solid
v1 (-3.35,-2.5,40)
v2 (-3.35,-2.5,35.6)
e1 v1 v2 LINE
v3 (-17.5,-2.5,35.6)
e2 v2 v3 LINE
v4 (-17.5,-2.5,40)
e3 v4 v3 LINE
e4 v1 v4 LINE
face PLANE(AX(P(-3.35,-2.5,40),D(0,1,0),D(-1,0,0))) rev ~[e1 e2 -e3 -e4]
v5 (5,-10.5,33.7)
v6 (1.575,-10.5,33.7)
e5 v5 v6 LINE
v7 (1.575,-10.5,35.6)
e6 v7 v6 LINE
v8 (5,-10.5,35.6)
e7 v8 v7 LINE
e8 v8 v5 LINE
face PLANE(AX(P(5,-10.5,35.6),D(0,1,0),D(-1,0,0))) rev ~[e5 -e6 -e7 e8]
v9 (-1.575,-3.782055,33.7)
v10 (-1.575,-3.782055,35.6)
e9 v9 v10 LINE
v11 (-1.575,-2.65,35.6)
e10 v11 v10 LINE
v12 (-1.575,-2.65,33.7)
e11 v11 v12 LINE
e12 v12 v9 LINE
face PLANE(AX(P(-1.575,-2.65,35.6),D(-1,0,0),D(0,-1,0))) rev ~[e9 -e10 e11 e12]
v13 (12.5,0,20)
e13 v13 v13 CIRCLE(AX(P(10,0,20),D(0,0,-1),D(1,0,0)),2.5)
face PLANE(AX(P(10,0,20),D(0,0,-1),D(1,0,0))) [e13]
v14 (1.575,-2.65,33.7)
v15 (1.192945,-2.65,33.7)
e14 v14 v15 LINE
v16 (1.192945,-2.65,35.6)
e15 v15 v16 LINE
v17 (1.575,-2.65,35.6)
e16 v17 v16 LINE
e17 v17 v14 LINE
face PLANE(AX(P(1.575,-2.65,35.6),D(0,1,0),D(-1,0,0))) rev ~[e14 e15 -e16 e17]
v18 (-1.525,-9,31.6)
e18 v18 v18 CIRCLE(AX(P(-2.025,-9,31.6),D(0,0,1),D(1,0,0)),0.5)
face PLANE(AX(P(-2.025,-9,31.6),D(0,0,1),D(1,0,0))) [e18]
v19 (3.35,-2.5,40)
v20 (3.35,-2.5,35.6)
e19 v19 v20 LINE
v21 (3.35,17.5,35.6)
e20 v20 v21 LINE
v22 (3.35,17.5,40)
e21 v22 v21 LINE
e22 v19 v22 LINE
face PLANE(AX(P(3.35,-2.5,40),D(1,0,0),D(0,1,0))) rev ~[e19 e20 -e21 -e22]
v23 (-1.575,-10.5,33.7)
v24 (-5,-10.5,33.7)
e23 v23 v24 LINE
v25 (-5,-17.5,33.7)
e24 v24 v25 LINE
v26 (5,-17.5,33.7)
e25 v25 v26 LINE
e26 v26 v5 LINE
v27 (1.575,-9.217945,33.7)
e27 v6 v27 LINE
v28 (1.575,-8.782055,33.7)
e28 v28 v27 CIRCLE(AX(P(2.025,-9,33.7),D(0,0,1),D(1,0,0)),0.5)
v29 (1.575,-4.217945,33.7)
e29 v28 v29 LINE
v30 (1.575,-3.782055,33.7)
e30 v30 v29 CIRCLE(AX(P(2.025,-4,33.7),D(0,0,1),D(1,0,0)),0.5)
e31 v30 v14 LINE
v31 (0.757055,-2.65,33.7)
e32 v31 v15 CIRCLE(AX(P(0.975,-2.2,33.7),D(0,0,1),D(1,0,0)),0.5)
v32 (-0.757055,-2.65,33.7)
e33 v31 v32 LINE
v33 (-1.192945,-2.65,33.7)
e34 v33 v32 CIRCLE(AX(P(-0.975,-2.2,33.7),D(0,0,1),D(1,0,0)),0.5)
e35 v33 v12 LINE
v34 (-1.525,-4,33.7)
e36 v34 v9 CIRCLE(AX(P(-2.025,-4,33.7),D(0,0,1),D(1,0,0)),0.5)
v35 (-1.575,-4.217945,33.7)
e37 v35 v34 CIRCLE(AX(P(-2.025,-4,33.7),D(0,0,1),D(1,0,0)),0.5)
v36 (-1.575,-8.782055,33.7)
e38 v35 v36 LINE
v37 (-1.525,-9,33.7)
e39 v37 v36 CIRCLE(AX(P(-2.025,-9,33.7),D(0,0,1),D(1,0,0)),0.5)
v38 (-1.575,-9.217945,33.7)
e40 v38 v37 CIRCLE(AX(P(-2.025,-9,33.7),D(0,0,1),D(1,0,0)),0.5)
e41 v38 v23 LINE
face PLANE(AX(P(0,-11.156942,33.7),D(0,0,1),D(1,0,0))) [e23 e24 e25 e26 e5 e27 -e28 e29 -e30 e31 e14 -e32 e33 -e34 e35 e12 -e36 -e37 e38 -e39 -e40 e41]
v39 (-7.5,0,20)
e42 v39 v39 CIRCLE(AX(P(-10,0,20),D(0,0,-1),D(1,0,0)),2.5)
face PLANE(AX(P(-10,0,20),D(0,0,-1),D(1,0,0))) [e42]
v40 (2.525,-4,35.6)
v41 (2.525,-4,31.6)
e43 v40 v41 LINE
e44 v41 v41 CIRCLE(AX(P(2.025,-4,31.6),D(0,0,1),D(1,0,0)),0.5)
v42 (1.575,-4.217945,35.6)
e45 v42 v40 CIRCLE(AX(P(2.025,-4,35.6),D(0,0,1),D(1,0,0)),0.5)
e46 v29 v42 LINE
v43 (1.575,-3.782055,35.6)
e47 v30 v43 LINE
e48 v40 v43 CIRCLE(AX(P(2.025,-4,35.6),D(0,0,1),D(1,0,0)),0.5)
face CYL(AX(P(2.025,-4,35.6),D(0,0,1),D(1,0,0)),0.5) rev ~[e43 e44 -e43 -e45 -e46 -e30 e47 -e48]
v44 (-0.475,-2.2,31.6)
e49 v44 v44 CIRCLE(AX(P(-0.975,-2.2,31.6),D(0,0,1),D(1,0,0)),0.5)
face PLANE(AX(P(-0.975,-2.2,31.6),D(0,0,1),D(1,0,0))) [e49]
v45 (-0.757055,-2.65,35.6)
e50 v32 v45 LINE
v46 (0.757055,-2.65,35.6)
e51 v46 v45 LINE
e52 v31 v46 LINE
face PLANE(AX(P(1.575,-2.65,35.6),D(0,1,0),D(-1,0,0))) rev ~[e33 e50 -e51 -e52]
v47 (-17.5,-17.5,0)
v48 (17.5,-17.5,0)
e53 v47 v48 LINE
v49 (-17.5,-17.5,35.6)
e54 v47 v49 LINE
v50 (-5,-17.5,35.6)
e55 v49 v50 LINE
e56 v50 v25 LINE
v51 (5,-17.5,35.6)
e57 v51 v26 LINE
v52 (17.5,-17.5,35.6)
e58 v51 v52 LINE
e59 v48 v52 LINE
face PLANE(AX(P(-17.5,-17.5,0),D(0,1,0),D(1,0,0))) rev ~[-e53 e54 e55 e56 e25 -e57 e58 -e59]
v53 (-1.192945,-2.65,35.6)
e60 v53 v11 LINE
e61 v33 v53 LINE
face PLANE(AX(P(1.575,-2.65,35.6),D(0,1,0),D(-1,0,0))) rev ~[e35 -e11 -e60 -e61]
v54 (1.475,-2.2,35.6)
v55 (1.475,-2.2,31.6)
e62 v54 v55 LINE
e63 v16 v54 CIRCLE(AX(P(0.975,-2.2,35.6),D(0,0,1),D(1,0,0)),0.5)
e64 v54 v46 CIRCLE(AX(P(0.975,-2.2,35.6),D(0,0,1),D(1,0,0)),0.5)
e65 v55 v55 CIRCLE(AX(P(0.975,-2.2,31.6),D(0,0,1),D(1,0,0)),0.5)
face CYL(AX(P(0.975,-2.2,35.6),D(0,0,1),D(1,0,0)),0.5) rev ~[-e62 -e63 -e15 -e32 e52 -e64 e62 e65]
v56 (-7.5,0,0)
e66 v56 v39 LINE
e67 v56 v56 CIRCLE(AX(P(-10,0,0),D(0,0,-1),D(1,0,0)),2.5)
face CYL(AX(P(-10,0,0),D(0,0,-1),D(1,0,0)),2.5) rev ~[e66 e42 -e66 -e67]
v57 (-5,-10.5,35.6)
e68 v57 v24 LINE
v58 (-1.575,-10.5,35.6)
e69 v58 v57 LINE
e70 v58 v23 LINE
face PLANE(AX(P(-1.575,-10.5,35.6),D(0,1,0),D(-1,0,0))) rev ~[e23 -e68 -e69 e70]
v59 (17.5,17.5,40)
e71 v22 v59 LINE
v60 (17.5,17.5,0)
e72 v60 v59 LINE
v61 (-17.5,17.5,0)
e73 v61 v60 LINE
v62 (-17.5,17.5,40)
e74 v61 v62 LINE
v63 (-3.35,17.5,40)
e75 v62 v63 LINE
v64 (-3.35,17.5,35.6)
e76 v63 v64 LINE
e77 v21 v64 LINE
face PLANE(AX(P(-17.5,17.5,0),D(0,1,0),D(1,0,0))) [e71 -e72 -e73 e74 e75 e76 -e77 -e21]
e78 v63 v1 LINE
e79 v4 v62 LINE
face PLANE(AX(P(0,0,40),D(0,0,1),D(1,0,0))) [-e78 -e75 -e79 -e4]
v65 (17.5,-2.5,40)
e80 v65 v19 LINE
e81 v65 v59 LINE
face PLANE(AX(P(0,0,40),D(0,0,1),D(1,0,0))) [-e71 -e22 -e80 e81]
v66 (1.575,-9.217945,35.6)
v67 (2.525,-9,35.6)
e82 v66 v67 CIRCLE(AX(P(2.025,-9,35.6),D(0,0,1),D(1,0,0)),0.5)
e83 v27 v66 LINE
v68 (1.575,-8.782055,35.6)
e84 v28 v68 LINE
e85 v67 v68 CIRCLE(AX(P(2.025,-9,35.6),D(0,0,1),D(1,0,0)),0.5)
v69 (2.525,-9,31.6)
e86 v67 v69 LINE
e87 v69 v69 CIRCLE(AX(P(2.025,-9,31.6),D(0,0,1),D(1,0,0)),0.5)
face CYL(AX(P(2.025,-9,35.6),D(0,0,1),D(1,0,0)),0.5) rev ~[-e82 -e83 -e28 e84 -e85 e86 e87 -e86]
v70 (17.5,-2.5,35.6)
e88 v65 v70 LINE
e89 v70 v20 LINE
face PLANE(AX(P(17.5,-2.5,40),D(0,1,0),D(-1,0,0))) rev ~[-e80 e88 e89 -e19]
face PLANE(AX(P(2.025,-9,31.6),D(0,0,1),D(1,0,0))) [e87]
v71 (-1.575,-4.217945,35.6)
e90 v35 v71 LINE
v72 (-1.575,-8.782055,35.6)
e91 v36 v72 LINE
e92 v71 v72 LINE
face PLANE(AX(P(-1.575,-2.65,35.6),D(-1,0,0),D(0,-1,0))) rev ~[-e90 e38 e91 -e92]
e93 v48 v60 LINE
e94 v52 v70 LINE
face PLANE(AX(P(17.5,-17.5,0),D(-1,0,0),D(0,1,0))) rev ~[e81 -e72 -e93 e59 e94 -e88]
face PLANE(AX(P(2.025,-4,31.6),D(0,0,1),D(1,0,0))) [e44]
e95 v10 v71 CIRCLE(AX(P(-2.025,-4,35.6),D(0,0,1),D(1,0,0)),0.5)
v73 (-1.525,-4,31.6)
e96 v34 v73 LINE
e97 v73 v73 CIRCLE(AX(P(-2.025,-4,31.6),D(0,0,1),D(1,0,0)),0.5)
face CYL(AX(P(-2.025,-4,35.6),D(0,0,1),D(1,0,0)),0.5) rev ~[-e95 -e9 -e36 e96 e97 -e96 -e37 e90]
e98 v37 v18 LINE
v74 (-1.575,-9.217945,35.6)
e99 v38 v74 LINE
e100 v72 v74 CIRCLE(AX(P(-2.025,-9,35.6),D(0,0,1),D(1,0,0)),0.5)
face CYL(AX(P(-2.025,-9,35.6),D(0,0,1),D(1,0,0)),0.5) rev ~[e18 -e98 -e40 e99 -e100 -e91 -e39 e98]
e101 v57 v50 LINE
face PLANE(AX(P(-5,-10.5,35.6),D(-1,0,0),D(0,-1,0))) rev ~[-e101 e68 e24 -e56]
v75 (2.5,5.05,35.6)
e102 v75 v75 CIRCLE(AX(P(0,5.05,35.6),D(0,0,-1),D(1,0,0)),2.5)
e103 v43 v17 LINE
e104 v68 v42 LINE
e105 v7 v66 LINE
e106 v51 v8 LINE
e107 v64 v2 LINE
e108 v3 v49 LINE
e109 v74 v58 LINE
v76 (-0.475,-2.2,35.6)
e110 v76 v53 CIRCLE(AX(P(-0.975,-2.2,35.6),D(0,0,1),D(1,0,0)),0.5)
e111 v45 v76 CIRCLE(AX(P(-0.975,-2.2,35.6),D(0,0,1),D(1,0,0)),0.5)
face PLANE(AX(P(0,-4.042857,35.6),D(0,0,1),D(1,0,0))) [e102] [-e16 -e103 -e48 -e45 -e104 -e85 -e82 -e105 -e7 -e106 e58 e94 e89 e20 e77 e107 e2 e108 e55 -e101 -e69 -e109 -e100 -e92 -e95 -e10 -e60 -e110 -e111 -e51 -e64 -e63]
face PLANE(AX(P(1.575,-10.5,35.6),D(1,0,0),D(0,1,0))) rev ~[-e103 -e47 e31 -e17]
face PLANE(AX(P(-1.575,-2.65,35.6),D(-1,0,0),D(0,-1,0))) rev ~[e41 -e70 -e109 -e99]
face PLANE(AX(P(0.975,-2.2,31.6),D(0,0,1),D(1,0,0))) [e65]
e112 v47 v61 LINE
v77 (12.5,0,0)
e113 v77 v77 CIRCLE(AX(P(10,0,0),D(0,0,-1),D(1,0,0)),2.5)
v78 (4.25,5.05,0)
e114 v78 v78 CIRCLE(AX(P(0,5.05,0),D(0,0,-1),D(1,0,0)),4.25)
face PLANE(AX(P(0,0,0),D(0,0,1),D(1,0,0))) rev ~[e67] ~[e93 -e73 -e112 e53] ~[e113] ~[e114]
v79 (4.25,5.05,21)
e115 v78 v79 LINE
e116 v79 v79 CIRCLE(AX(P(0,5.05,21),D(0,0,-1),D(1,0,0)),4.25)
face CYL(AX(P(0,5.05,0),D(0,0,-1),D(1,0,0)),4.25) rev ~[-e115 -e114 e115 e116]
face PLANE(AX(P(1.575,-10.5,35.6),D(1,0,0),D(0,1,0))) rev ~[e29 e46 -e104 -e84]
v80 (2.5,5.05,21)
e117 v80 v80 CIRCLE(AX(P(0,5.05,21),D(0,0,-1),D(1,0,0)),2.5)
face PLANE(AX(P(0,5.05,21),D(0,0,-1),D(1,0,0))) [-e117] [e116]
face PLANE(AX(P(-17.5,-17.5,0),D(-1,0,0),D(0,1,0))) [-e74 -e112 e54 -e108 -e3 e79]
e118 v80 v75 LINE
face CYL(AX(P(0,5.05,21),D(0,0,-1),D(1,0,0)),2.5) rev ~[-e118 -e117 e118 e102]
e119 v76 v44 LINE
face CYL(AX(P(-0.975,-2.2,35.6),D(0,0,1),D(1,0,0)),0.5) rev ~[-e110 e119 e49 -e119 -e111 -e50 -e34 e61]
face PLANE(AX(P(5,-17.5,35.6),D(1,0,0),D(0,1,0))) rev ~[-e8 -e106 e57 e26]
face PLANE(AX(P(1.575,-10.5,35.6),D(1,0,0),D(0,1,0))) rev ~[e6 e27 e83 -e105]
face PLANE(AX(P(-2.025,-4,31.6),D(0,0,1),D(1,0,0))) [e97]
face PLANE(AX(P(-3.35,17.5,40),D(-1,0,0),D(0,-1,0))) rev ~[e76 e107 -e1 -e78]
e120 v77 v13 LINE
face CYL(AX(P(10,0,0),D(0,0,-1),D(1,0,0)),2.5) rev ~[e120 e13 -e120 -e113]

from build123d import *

# Parameters (mm, degrees)
F0_W      = 35
F0_H      = 35
F1_DEPTH  = 40
F2_R      = 2.5
F3_DEPTH  = 20
F5_DEPTH  = 4.4
F6_R      = 4.25
F7_DEPTH  = 21
F8_R      = 2.5
F9_DEPTH  = 14.6
F11_DEPTH = 1.9
F12_R     = 0.5
F13_DEPTH = 4


with BuildPart() as f1:
    # F0 (on Top) → F1 (new body)
    with BuildSketch(Plane.XY):
        Rectangle(F0_W, F0_H)
    extrude(amount=F1_DEPTH)

    # F2 (on face) → F3 (cut)
    with BuildSketch(Plane(origin=(0, 0, 0), x_dir=(1, 0, 0), z_dir=(0, 0, -1))):
        with Locations((-10, 0)):
            Circle(F2_R)
        with Locations((10, 0)):
            Circle(F2_R)
    extrude(amount=-F3_DEPTH, mode=Mode.SUBTRACT)

    # F4 (on face) → F5 (cut)
    with BuildSketch(Plane.XY.offset(40)):
        Polygon((-17.5, -17.5), (17.5, -17.5), (17.5, -2.5), (3.35, -2.5), (3.35, 17.5), (-3.35, 17.5), (-3.35, -2.5), (-17.5, -2.5), align=None)
    extrude(amount=-F5_DEPTH, mode=Mode.SUBTRACT)

    # F6 (on face) → F7 (cut)
    with BuildSketch(Plane(origin=(0, 0, 0), x_dir=(1, 0, 0), z_dir=(0, 0, -1))):
        with Locations((0, -5.05)):
            Circle(F6_R)
    extrude(amount=-F7_DEPTH, mode=Mode.SUBTRACT)

    # F8 (on face) → F9 (cut, through all)
    with BuildSketch(Plane(origin=(0, 0, 21), x_dir=(1, 0, 0), z_dir=(0, 0, -1))):
        with Locations((0, -5.05)):
            Circle(F8_R)
    extrude(amount=-F9_DEPTH, mode=Mode.SUBTRACT)

    # F10 (on face) → F11 (cut)
    with BuildSketch(Plane.XY.offset(35.6)):
        Polygon((-5, -17.5), (5, -17.5), (5, -10.5), (1.575, -10.5), (1.575, -2.65), (-1.575, -2.65), (-1.575, -10.5), (-5, -10.5), align=None)
    extrude(amount=-F11_DEPTH, mode=Mode.SUBTRACT)

    # F12 (on face) → F13 (cut)
    with BuildSketch(Plane.XY.offset(35.6)):
        with Locations((-2.025, -9)):
            Circle(F12_R)
        with Locations((-2.025, -4)):
            Circle(F12_R)
        with Locations((2.025, -9)):
            Circle(F12_R)
        with Locations((2.025, -4)):
            Circle(F12_R)
        with Locations((-0.975, -2.2)):
            Circle(F12_R)
        with Locations((0.975, -2.2)):
            Circle(F12_R)
    extrude(amount=-F13_DEPTH, mode=Mode.SUBTRACT)


solid = f1.part
